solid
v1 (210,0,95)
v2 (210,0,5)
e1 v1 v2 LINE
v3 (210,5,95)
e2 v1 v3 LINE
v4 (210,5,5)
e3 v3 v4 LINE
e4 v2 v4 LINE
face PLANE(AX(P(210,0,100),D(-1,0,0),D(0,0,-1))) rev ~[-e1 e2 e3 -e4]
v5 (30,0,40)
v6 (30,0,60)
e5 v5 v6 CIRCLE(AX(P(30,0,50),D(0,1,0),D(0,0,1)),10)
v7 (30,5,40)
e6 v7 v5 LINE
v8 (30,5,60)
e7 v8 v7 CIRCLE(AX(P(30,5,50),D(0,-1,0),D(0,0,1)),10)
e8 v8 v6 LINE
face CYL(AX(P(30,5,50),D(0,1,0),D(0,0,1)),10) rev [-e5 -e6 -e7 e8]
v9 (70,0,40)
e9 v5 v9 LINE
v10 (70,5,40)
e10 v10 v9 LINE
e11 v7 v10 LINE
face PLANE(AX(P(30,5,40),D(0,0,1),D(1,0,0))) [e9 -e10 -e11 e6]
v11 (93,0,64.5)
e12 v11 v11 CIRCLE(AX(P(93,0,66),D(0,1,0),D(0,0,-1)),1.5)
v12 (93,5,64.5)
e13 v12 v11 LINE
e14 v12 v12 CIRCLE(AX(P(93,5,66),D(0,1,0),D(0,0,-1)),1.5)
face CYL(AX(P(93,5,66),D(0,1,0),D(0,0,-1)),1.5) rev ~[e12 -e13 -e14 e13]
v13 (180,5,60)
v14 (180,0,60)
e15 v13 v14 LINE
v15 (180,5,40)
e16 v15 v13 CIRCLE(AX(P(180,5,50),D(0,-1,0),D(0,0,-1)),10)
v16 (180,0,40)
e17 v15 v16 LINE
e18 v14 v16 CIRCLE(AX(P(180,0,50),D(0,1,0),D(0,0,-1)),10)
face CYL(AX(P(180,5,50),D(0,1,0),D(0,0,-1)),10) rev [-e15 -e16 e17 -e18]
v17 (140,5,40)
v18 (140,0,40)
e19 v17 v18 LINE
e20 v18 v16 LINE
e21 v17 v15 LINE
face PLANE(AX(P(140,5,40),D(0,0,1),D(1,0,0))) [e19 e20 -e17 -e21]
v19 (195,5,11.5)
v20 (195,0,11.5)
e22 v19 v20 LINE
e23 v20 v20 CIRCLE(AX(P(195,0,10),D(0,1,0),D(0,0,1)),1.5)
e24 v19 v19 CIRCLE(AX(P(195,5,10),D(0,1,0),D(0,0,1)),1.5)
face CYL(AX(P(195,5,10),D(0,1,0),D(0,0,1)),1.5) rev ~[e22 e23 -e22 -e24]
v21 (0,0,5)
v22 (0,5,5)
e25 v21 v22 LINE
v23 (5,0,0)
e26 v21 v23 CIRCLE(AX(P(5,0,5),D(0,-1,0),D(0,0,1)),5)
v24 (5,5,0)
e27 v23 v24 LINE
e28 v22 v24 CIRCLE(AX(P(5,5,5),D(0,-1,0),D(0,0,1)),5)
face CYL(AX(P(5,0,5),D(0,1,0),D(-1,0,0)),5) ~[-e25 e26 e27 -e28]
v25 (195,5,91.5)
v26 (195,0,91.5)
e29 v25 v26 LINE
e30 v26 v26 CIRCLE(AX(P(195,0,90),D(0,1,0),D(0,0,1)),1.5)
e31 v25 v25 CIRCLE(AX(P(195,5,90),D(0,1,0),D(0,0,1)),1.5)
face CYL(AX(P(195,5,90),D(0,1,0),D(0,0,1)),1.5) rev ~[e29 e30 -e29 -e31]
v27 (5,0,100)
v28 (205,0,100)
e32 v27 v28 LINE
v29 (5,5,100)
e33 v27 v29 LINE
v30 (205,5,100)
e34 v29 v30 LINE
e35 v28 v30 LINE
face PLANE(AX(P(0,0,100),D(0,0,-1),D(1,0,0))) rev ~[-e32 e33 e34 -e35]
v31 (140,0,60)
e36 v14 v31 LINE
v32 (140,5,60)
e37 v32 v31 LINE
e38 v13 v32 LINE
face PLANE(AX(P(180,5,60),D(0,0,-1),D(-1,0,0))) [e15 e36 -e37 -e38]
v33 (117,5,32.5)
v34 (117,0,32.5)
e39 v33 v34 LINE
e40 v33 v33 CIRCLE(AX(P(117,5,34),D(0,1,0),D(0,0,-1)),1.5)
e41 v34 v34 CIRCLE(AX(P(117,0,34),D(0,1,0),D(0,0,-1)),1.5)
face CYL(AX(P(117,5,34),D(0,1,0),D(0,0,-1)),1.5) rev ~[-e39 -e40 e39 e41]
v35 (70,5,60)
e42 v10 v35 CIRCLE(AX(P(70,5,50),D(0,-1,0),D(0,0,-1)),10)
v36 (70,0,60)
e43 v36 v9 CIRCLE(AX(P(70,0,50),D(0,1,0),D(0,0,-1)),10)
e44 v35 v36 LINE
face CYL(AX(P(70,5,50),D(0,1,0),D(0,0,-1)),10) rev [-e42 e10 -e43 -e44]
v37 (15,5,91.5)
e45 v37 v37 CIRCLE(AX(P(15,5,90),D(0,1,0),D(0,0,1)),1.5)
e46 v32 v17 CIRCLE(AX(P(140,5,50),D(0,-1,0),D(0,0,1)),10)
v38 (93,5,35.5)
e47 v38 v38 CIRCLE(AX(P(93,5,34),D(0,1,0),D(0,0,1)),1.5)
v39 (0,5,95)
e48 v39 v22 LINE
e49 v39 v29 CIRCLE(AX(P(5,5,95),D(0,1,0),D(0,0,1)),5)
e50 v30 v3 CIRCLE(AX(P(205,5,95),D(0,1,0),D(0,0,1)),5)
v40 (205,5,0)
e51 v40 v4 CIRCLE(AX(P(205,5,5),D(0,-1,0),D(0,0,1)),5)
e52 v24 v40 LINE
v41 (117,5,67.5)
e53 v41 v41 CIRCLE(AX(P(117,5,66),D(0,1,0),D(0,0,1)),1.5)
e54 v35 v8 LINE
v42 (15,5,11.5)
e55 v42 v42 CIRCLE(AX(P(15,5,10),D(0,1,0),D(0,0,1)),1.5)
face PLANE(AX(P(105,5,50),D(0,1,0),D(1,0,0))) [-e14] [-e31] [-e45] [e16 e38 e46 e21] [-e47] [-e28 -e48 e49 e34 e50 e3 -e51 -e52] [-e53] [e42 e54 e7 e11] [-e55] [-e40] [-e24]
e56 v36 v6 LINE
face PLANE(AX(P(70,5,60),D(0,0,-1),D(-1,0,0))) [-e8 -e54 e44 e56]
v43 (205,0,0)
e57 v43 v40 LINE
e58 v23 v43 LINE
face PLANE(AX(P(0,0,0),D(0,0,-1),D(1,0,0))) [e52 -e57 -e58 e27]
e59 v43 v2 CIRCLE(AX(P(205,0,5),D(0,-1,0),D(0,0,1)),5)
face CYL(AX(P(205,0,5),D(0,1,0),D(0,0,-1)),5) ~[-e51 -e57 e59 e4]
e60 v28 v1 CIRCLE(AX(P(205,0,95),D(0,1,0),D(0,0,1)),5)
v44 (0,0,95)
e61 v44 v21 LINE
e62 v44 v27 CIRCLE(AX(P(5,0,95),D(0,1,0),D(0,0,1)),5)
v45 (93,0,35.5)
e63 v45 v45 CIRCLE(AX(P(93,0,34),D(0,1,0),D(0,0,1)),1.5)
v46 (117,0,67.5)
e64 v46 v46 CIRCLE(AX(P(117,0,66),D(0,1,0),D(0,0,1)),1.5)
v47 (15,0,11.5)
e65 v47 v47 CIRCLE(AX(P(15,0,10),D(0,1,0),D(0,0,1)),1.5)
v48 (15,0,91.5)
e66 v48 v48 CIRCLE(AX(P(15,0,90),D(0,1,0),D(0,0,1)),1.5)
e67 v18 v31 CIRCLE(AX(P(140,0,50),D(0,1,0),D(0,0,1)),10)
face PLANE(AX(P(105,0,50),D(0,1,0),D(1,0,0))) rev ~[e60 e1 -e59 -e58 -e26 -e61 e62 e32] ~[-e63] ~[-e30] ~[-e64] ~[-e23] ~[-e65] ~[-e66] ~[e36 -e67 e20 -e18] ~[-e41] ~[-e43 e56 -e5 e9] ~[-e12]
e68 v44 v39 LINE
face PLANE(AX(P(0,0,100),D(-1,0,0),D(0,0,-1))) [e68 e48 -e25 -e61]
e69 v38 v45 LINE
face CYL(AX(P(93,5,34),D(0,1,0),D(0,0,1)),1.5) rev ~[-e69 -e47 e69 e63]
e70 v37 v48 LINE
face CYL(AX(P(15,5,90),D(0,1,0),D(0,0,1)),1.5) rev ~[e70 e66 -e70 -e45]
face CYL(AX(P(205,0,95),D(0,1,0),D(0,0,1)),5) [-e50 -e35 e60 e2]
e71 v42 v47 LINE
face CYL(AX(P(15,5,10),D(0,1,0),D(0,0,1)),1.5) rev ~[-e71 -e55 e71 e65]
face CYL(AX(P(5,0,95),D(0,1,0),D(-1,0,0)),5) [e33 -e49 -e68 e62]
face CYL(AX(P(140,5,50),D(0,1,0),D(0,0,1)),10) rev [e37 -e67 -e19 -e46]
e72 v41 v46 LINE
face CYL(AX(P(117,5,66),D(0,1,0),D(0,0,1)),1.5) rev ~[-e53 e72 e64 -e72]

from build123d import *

# Parameters (mm, degrees)
SKETCH_1_W          = 210
SKETCH_1_H          = 100
EXTRUDE_1_DEPTH     = 5
CUT_EXTRUDE_1_DEPTH = 40
SKETCH_8_R          = 1.5
CUT_EXTRUDE_7_DEPTH = 5
FILLET_1_R          = 5
SKETCH_9_R          = 1.5
CUT_EXTRUDE_8_DEPTH = 233.647802483


with BuildPart() as part:
    # 草图1 → 凸台-拉伸1 (new body)
    with BuildSketch(Plane(origin=(0, 0, 0), x_dir=(1, 0, 0), z_dir=(0, 1, 0))):
        with Locations((105, -50)):
            Rectangle(SKETCH_1_W, SKETCH_1_H)
    extrude(amount=EXTRUDE_1_DEPTH)

    # 草图2 → 切除-拉伸1 (cut)
    with BuildSketch(Plane(origin=(0, 5, 0), x_dir=(1, 0, 0), z_dir=(0, 1, 0))):
        with BuildLine():
            Line((30, -40), (70, -40))
            ThreePointArc((70, -40), (80, -50), (70, -60))
            Line((70, -60), (30, -60))
            ThreePointArc((30, -60), (20, -50), (30, -40))
        make_face()
        with BuildLine():
            Line((140, -40), (180, -40))
            ThreePointArc((180, -40), (190, -50), (180, -60))
            Line((180, -60), (140, -60))
            ThreePointArc((140, -60), (130, -50), (140, -40))
        make_face()
    extrude(amount=-CUT_EXTRUDE_1_DEPTH, mode=Mode.SUBTRACT)

    # 草图8 → 切除-拉伸7 (cut)
    with BuildSketch(Plane(origin=(0, 5, 0), x_dir=(1, 0, 0), z_dir=(0, 1, 0))):
        with Locations(Location((15, -10, 0), (0, 0, 270))):
            Circle(SKETCH_8_R)
        with Locations(Location((15, -90, 0), (0, 0, 270))):
            Circle(SKETCH_8_R)
        with Locations(Location((195, -90, 0), (0, 0, 270))):
            Circle(SKETCH_8_R)
        with Locations(Location((195, -10, 0), (0, 0, 270))):
            Circle(SKETCH_8_R)
    extrude(amount=-CUT_EXTRUDE_7_DEPTH, mode=Mode.SUBTRACT)

    # 圆角1
    fillet_1_edges = [part.edges().sort_by_distance(p)[0] for p in [
        (0, 2.5, 0),
        (210, 2.5, 0),
        (210, 2.5, 100),
        (0, 2.5, 100),
    ]]
    fillet(fillet_1_edges, radius=FILLET_1_R)

    # 草图9 → 切除-拉伸8 (cut, through all)
    with BuildSketch(Plane(origin=(0, 5, 0), x_dir=(1, 0, 0), z_dir=(0, 1, 0))):
        with Locations(Location((93, -34, 0), (0, 0, 270))):
            Circle(SKETCH_9_R)
        with Locations(Location((117, -34, 0), (0, 0, 90))):
            Circle(SKETCH_9_R)
        with Locations(Location((117, -66, 0), (0, 0, 270))):
            Circle(SKETCH_9_R)
        with Locations(Location((93, -66, 0), (0, 0, 90))):
            Circle(SKETCH_9_R)
    extrude(amount=-CUT_EXTRUDE_8_DEPTH, mode=Mode.SUBTRACT)


solid = part.part
